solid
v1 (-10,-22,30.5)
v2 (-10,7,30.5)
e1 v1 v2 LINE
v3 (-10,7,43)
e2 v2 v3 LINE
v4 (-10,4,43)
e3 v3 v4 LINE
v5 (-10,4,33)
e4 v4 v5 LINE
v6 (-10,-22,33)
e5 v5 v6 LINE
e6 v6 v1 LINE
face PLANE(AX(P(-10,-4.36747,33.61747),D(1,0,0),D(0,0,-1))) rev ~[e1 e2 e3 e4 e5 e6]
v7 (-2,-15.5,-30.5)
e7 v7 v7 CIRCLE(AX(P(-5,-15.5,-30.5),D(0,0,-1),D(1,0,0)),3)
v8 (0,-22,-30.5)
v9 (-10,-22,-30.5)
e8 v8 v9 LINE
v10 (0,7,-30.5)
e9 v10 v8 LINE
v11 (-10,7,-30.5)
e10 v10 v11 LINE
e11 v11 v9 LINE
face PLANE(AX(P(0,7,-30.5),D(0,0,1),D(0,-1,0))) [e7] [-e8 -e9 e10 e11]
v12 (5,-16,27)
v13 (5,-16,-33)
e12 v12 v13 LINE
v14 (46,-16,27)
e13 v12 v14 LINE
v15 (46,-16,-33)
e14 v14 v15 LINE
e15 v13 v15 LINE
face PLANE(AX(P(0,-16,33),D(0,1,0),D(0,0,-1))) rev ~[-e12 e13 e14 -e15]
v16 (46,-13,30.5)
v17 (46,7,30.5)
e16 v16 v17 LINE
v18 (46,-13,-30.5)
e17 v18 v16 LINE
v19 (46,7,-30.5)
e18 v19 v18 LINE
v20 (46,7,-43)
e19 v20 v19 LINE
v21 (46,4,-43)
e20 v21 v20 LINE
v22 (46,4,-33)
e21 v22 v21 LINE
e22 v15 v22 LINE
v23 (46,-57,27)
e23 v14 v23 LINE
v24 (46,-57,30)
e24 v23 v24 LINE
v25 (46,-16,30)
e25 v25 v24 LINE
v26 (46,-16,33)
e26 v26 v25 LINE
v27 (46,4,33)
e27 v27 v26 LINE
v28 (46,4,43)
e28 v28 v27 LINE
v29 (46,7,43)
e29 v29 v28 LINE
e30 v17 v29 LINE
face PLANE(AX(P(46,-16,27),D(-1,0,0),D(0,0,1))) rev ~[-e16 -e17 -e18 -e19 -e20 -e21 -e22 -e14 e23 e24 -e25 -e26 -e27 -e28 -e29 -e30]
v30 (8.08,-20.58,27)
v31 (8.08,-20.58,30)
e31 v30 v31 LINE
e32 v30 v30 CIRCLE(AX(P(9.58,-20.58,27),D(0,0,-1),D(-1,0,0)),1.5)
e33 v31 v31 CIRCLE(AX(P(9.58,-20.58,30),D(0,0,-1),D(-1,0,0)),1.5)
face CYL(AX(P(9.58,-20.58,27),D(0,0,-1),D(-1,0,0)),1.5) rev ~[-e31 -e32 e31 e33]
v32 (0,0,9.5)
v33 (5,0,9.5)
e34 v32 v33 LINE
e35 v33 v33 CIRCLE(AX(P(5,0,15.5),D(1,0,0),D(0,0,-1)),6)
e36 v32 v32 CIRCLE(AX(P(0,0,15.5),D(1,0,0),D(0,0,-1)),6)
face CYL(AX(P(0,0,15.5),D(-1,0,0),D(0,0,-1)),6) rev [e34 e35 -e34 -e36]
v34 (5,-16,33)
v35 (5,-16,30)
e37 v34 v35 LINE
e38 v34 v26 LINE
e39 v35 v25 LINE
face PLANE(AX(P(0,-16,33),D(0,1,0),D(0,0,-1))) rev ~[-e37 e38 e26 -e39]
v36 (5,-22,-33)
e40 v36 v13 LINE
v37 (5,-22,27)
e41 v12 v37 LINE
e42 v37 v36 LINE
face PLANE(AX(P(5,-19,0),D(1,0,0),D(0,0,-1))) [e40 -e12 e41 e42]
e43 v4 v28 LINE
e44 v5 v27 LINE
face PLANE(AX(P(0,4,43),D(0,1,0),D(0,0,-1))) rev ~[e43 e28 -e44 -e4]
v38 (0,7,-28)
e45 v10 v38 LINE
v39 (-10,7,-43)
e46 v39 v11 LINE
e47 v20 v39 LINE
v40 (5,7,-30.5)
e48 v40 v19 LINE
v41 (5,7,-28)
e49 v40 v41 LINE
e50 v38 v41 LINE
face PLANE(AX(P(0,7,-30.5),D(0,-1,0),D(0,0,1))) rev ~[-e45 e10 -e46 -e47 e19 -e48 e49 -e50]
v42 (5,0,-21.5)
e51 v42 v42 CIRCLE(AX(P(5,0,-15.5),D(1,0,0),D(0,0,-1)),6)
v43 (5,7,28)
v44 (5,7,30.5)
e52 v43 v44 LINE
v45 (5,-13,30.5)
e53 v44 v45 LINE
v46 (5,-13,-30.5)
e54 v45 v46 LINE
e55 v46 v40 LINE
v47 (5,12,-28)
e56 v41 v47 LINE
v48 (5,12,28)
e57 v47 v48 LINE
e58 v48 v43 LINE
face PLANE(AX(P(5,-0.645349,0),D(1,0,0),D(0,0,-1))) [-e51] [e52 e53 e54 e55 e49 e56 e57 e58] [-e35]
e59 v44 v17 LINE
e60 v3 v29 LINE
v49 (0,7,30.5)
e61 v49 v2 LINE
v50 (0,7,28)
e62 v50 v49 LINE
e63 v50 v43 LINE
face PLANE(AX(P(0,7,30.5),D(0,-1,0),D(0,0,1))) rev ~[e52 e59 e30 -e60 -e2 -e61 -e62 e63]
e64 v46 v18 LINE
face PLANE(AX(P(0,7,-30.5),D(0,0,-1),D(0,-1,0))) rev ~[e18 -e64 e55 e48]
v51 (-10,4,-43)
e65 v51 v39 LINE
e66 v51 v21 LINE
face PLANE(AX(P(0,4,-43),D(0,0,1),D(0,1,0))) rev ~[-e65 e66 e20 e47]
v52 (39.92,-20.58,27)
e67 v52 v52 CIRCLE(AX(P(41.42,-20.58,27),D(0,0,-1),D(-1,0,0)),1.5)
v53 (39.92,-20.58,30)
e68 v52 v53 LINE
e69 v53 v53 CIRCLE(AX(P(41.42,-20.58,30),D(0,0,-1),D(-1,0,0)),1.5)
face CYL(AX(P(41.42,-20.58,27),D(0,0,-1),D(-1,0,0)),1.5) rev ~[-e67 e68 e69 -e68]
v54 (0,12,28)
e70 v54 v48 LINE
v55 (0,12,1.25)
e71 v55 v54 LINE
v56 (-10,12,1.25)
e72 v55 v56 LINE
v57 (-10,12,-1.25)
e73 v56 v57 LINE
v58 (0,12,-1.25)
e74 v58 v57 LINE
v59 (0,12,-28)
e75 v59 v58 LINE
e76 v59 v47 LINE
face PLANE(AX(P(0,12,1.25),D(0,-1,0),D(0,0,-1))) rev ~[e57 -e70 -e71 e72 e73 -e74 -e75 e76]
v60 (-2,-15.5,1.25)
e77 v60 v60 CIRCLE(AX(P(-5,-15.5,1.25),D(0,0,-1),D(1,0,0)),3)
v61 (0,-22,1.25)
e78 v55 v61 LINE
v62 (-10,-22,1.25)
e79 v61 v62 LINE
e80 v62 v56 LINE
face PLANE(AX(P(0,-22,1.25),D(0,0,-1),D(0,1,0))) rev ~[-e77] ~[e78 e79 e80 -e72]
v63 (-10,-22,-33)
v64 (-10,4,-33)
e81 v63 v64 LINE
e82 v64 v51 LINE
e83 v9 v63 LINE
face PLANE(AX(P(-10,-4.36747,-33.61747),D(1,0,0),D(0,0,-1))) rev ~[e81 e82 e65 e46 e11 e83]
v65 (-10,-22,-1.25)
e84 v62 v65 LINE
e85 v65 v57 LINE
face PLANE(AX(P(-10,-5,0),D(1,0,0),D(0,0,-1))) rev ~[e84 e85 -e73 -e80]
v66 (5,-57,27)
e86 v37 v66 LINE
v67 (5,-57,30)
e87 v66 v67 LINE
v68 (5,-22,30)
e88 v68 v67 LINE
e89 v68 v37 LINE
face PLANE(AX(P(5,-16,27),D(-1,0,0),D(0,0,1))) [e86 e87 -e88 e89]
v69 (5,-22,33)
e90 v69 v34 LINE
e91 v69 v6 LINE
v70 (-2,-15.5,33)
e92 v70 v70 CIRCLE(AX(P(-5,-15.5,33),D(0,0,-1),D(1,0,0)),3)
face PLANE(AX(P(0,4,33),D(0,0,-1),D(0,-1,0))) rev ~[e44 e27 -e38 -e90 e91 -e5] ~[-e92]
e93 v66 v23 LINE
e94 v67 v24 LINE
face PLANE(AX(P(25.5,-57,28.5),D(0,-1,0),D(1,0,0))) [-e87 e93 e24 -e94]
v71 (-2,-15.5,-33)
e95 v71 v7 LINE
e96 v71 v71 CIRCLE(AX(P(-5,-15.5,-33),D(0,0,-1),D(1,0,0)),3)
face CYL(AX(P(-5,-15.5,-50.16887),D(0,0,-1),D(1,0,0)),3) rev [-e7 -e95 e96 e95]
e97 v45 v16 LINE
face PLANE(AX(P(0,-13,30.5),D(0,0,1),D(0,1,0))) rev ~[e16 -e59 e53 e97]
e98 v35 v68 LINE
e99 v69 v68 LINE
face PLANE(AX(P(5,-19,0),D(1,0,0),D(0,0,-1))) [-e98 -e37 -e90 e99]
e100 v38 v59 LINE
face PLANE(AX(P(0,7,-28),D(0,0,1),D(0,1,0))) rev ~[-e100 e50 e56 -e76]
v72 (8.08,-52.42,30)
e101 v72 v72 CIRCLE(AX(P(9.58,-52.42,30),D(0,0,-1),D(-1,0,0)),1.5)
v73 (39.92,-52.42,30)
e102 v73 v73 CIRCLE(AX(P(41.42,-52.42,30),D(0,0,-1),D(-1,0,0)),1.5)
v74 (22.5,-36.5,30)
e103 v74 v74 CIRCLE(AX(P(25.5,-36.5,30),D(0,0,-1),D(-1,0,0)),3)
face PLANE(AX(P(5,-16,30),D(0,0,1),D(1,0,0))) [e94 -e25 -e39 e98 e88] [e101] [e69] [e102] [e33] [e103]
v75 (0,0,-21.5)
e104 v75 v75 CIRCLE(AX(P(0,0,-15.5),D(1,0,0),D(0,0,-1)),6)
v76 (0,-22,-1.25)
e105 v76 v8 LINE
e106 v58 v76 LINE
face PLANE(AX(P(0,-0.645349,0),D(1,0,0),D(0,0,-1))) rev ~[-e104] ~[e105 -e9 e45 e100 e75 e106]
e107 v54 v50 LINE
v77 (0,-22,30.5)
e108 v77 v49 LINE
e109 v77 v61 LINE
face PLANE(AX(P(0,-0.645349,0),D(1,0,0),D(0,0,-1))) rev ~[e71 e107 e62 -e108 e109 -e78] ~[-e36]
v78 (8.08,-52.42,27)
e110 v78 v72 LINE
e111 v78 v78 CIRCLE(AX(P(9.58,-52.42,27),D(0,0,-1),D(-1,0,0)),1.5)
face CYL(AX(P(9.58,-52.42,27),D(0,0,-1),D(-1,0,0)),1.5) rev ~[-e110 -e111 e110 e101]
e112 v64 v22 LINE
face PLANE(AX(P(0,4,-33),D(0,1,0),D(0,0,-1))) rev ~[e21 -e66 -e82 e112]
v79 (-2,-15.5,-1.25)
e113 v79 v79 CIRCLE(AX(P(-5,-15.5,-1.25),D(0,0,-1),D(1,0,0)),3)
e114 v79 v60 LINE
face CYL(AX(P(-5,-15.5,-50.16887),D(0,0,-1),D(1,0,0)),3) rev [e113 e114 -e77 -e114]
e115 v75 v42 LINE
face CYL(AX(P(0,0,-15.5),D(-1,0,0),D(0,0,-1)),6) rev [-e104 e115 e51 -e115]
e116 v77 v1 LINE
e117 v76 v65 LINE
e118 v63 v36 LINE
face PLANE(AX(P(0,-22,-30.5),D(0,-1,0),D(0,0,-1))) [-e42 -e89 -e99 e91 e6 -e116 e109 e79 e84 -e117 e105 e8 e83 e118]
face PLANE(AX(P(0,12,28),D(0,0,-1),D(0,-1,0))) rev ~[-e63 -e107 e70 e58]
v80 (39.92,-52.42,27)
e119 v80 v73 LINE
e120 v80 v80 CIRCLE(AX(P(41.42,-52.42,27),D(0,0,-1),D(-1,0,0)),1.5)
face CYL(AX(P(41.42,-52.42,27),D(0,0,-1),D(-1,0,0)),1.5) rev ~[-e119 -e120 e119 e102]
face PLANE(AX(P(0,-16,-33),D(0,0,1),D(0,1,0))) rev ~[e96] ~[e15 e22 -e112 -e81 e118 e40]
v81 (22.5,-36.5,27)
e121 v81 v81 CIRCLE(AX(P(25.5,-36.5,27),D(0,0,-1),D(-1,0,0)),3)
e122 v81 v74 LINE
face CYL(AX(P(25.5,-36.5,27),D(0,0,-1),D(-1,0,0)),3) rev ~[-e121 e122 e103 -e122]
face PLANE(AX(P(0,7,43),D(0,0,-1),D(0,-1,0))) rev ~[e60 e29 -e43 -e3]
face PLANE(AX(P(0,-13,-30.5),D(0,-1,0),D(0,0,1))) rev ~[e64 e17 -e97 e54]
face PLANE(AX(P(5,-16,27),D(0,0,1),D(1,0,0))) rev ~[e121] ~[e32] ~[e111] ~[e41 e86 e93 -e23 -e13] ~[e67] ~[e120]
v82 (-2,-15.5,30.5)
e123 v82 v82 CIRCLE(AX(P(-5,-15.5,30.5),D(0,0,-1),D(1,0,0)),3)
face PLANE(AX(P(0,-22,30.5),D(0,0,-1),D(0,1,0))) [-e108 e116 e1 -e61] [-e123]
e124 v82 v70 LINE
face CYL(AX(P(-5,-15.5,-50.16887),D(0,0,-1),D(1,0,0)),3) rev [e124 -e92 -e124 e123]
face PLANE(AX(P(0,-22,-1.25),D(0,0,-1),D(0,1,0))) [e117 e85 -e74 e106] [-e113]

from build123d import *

# Parameters (mm, degrees)
SKETCH1_R               = 6
BOSS_EXTRUDE1_DEPTH     = 5
SKETCH1_W               = 66
SKETCH1_H               = 6
BOSS_EXTRUDE1_2_DEPTH   = 5
SKETCH1_4_W             = 2.5
SKETCH1_4_H             = 34
BOSS_EXTRUDE2_DEPTH     = 10
CUT_EXTRUDE1_DEPTH      = 51.418870475
CUT_EXTRUDE1_DEPTH_BACK = 51.418870475
SKETCH2_R               = 3
BOSS_EXTRUDE3_DEPTH     = 46
SKETCH3_W               = 41
SKETCH3_H               = 3
BOSS_EXTRUDE4_DEPTH     = 41
SKETCH4_R               = 3
SKETCH4_R_2             = 1.5
CUT_EXTRUDE2_DEPTH      = 6


with BuildPart() as part:
    # Sketch1 → Boss-Extrude1 (new body)
    with BuildSketch(Plane(origin=(0, 0, 0), x_dir=(0, 0, -1), z_dir=(1, 0, 0))):
        Polygon((-28, 12), (-28, 7), (-30.5, 7), (-30.5, -13), (30.5, -13), (30.5, 7), (28, 7), (28, 12), align=None)
        with Locations((-15.5, 0)):
            Circle(SKETCH1_R, mode=Mode.SUBTRACT)
        with Locations((15.5, 0)):
            Circle(SKETCH1_R, mode=Mode.SUBTRACT)
    extrude(amount=BOSS_EXTRUDE1_DEPTH)

    # Sketch1<4> → Boss-Extrude2 (add)
    with BuildSketch(Plane(origin=(0, 0, 0), x_dir=(0, 0, -1), z_dir=(1, 0, 0))):
        with Locations((0, -5)):
            Rectangle(SKETCH1_4_W, SKETCH1_4_H)
        Polygon((-33, 4), (-33, -22), (-30.5, -22), (-30.5, 7), (-43, 7), (-43, 4), align=None)
        Polygon((30.5, -22), (33, -22), (33, 4), (43, 4), (43, 7), (30.5, 7), align=None)
    extrude(amount=-BOSS_EXTRUDE2_DEPTH)


with BuildPart() as body_2:
    # Sketch1 → Boss-Extrude1 2 (new body)
    with BuildSketch(Plane(origin=(0, 0, 0), x_dir=(0, 0, -1), z_dir=(1, 0, 0))):
        with Locations((0, -19)):
            Rectangle(SKETCH1_W, SKETCH1_H)
    extrude(amount=BOSS_EXTRUDE1_2_DEPTH)



with BuildPart() as boss_extrude2_piece_1:
    # of the separate pieces the step leaves, piece 1, a body of its own (boss_extrude2_pieces)
    add(part.part.solids().sort_by_distance((0, 7, -28))[0])


with BuildPart() as boss_extrude2_piece_2:
    # of the separate pieces the step leaves, piece 2, a body of its own (boss_extrude2_pieces)
    add(part.part.solids().sort_by_distance((0, -22, 30.5))[0])


with BuildPart() as boss_extrude2_piece_3:
    # of the separate pieces the step leaves, piece 3, a body of its own (boss_extrude2_pieces)
    add(part.part.solids().sort_by_distance((-10, 7, -30.5))[0])


with BuildPart() as cut_extrude1_tool:
    # Sketch2 → Cut-Extrude1 (new, two sides: drawn at the far end of the back side and taken through both)
    with BuildSketch(Plane.XY.offset(1.25).offset(-CUT_EXTRUDE1_DEPTH_BACK)):
        with Locations((-5, -15.5)):
            Circle(SKETCH2_R)
    extrude(amount=CUT_EXTRUDE1_DEPTH + CUT_EXTRUDE1_DEPTH_BACK)


with BuildPart() as boss_extrude2_piece_1_1:
    add(boss_extrude2_piece_1.part)

    # Cut-Extrude1: cut by cut_extrude1_tool
    add(cut_extrude1_tool.part, mode=Mode.SUBTRACT)


with BuildPart() as boss_extrude2_piece_2_1:
    add(boss_extrude2_piece_2.part)

    # Cut-Extrude1: cut by cut_extrude1_tool
    add(cut_extrude1_tool.part, mode=Mode.SUBTRACT)


with BuildPart() as boss_extrude2_piece_3_1:
    add(boss_extrude2_piece_3.part)

    # Cut-Extrude1: cut by cut_extrude1_tool
    add(cut_extrude1_tool.part, mode=Mode.SUBTRACT)


with BuildPart() as body_2_1:
    add(body_2.part)

    add(boss_extrude2_piece_1_1.part)  # Boss-Extrude3 merges Boss-Extrude2 piece 1

    add(boss_extrude2_piece_2_1.part)  # Boss-Extrude3 merges Boss-Extrude2 piece 2

    add(boss_extrude2_piece_3_1.part)  # Boss-Extrude3 merges Boss-Extrude2 piece 3
    # Sketch1<6> → Boss-Extrude3 (add)
    with BuildSketch(Plane(origin=(0, 0, 0), x_dir=(0, 0, -1), z_dir=(1, 0, 0))):
        Polygon((-30.5, -13), (-30.5, 7), (-43, 7), (-43, 4), (-33, 4), (-33, -16), (33, -16), (33, 4), (43, 4), (43, 7), (30.5, 7), (30.5, -13), align=None)
    extrude(amount=BOSS_EXTRUDE3_DEPTH)

    # Sketch3 → Boss-Extrude4 (add)
    with BuildSketch(Plane.XZ.offset(16)):
        with Locations((25.5, 28.5)):
            Rectangle(SKETCH3_W, SKETCH3_H)
    extrude(amount=BOSS_EXTRUDE4_DEPTH)

    # Sketch4 → Cut-Extrude2 (cut)
    with BuildSketch(Plane(origin=(0, 0, 27), x_dir=(-1, 0, 0), z_dir=(0, 0, -1))):
        with Locations((-25.5, -36.5)):
            Circle(SKETCH4_R)
        with Locations((-41.42, -20.58)):
            Circle(SKETCH4_R_2)
        with Locations((-9.58, -20.58)):
            Circle(SKETCH4_R_2)
        with Locations((-9.58, -52.42)):
            Circle(SKETCH4_R_2)
        with Locations((-41.42, -52.42)):
            Circle(SKETCH4_R_2)
    extrude(amount=-CUT_EXTRUDE2_DEPTH, mode=Mode.SUBTRACT)


solid = body_2_1.part
